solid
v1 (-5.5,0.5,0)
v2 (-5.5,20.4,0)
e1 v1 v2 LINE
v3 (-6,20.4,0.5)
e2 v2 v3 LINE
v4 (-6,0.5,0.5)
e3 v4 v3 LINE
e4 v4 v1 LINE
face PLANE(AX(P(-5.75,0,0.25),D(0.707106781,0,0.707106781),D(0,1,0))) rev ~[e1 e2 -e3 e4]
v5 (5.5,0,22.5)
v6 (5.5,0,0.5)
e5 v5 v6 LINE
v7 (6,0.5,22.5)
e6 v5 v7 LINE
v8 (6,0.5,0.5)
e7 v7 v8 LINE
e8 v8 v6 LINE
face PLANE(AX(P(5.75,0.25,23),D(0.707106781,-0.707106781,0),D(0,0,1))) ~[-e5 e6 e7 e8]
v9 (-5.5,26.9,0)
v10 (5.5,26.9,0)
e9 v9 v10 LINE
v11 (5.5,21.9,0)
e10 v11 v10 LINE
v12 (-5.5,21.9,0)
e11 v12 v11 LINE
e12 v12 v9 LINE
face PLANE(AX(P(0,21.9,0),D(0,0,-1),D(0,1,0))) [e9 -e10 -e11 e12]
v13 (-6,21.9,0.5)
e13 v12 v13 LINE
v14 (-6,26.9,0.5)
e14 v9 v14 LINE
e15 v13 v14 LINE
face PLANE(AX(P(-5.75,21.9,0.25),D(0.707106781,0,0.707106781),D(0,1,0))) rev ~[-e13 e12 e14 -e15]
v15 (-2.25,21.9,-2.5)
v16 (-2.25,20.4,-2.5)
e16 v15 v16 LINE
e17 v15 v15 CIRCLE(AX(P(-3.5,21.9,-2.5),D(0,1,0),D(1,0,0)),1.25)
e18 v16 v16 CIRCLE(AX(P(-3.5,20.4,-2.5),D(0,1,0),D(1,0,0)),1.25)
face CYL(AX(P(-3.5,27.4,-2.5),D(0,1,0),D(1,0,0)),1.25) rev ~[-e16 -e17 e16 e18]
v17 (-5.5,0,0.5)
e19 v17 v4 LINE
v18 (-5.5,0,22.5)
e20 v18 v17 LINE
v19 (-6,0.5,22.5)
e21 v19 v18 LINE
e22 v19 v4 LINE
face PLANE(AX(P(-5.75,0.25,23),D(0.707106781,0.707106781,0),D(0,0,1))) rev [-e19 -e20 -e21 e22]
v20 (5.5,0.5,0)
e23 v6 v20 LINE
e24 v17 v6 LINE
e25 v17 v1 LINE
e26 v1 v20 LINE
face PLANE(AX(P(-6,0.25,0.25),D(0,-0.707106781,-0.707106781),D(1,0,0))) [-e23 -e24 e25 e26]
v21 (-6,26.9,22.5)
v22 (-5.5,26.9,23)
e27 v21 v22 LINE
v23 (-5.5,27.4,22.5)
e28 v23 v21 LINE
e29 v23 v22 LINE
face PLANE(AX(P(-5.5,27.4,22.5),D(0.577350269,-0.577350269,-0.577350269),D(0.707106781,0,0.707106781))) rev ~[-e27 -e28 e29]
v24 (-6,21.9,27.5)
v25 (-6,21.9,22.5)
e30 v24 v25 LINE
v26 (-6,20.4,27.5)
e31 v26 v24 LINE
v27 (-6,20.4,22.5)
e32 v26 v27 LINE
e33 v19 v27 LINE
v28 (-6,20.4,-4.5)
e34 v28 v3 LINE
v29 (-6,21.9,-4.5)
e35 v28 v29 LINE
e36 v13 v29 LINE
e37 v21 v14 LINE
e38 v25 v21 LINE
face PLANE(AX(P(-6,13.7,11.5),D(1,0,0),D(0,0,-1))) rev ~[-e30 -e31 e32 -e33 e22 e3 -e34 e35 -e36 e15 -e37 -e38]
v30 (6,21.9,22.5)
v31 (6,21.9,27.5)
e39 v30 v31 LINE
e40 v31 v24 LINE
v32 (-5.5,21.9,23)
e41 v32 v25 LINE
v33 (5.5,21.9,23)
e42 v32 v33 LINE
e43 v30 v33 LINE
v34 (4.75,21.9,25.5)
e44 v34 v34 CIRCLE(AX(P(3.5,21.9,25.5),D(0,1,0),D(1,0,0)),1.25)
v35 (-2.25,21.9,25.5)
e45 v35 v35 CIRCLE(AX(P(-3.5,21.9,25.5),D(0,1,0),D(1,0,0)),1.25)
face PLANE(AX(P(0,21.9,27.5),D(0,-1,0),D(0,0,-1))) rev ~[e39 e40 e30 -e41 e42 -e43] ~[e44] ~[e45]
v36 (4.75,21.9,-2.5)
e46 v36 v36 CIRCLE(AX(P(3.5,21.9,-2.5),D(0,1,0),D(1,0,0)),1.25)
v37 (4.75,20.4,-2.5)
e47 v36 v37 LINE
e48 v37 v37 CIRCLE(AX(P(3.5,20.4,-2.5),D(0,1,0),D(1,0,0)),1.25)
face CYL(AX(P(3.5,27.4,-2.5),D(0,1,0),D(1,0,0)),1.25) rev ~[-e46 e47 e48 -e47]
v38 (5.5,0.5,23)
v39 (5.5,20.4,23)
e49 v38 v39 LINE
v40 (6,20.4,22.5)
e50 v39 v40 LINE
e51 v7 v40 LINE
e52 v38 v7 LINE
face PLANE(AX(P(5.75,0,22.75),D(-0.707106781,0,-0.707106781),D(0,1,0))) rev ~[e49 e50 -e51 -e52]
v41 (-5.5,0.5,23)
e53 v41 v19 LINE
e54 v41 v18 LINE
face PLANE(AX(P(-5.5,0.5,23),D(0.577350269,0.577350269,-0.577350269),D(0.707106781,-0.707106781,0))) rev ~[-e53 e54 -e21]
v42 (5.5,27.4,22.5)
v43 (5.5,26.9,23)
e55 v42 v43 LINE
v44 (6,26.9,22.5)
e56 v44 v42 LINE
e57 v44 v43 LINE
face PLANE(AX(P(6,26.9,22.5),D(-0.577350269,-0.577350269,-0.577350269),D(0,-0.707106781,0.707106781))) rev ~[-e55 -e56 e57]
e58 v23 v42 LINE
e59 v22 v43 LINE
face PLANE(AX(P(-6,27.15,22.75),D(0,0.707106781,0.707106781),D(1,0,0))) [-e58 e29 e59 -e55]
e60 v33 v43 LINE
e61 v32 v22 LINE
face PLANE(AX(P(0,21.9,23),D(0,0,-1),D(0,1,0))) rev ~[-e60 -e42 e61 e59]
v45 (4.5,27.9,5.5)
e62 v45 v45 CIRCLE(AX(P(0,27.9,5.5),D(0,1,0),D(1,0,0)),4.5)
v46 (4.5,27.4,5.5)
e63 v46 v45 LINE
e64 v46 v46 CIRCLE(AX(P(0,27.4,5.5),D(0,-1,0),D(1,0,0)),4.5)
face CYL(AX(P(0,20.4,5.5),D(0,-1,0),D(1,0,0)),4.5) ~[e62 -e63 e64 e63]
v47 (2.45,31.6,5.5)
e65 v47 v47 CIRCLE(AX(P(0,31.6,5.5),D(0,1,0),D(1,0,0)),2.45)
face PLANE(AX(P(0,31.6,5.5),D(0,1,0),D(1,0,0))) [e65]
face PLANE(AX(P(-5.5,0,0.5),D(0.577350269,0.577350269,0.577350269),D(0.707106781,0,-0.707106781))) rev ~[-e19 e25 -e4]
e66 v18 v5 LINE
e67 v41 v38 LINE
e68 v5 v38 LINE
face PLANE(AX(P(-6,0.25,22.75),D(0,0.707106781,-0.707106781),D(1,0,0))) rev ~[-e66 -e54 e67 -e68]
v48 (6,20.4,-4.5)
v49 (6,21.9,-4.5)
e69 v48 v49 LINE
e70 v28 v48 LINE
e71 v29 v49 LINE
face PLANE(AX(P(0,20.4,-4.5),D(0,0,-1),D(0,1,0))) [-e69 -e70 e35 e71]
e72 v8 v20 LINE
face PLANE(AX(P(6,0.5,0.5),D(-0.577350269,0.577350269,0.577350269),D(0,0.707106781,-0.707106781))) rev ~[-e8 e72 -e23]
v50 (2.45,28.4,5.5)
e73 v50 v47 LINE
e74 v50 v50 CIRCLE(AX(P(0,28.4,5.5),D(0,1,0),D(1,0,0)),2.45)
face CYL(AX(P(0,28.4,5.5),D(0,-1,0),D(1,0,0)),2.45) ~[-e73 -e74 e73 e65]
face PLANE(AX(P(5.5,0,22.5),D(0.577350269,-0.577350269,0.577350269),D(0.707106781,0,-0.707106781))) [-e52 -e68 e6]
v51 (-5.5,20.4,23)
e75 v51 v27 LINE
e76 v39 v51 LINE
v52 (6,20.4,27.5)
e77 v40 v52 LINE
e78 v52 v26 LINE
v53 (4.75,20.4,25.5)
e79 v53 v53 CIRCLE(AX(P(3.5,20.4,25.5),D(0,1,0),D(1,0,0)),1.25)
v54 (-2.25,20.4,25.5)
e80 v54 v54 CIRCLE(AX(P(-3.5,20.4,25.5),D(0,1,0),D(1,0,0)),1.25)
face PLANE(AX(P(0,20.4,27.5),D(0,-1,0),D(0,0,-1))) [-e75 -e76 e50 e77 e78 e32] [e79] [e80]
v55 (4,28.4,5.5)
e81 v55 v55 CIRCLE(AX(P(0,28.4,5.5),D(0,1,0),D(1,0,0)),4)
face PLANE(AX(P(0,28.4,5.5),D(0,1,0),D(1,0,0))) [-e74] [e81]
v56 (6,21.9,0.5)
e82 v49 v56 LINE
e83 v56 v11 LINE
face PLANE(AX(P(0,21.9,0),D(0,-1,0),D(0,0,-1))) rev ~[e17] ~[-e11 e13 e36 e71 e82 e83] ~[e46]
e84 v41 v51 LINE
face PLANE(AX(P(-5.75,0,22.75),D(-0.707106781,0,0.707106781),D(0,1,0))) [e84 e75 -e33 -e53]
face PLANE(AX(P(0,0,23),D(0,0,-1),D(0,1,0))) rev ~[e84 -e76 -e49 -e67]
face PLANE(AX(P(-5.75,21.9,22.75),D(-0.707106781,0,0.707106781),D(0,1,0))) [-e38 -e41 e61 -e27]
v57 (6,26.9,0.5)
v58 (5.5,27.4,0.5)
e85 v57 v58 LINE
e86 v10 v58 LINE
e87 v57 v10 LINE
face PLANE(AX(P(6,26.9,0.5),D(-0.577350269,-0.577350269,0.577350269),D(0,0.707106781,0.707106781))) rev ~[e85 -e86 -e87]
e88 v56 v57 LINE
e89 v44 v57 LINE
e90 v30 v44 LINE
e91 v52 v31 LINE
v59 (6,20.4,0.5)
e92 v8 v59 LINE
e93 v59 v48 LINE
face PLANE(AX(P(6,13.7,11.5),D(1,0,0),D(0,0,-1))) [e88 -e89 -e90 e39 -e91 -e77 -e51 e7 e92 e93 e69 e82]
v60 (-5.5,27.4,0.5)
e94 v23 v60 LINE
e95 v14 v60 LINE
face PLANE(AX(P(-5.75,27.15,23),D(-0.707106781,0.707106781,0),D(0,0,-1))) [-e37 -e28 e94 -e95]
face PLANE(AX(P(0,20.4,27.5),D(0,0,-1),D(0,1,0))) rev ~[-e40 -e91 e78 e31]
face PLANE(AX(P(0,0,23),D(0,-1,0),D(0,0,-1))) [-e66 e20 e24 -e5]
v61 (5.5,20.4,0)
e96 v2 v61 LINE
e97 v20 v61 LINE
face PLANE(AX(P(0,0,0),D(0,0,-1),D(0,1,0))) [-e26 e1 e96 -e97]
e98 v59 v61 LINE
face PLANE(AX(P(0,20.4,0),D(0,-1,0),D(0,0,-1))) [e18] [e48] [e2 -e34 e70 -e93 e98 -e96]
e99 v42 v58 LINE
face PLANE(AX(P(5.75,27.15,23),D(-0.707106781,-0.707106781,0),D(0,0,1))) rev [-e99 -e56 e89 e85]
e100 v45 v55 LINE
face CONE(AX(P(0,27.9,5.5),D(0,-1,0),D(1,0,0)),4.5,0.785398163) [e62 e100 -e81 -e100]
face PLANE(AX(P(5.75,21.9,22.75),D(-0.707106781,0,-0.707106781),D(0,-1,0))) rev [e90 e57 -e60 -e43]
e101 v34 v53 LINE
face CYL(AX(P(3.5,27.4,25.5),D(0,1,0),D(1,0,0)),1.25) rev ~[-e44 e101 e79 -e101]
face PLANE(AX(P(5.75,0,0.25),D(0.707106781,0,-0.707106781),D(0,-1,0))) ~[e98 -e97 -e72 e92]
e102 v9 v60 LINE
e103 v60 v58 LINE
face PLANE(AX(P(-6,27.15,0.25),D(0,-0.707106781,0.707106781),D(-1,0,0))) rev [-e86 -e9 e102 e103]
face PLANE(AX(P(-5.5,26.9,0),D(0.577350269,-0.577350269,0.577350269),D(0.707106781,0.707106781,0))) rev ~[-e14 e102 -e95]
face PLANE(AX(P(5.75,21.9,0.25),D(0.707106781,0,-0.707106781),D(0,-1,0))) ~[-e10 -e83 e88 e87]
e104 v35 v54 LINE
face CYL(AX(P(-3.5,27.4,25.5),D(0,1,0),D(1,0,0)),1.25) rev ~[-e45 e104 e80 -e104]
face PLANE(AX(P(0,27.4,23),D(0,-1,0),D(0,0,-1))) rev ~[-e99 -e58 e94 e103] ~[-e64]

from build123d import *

# Parameters (mm, degrees)
SKETCH1_W           = 23
SKETCH1_H           = 27.4
SKETCH1_W_2         = 4.5
SKETCH1_H_2         = 1.5
BOSS_EXTRUDE1_DEPTH = 6
CHAMFER1_SIZE       = 0.5
SKETCH3_R           = 1.25
CUT_EXTRUDE1_DEPTH  = 28.4
BOSS_EXTRUDE2_START = -7
SKETCH3_3_R         = 4.5
BOSS_EXTRUDE2_DEPTH = 8
CHAMFER2_SIZE       = 0.5
BOSS_EXTRUDE3_START = 1
SKETCH3_4_R         = 2.45
BOSS_EXTRUDE3_DEPTH = 3.2


with BuildPart() as part:
    # Sketch1 → Boss-Extrude1 (new body, symmetric)
    with BuildSketch(Plane(origin=(0, 0, 0), x_dir=(0, 0, -1), z_dir=(1, 0, 0))):
        with Locations((-11.5, 13.7)):
            Rectangle(SKETCH1_W, SKETCH1_H)
        with Locations((-25.25, 21.15)):
            Rectangle(SKETCH1_W_2, SKETCH1_H_2)
        with Locations((2.25, 21.15)):
            Rectangle(SKETCH1_W_2, SKETCH1_H_2)
    extrude(amount=BOSS_EXTRUDE1_DEPTH, both=True)

    # Chamfer1
    chamfer1_edges = [part.edges().sort_by_distance(p)[0] for p in [
        (-6, 24.65, 23),
        (-6, 27.4, 11.5),
        (-6, 24.65, 0),
        (-6, 10.2, 0),
        (-6, 0, 11.5),
        (-6, 10.2, 23),
        (6, 10.2, 23),
        (0, 27.4, 23),
        (0, 27.4, 0),
        (0, 0, 0),
        (0, 0, 23),
        (6, 0, 11.5),
        (6, 10.2, 0),
        (6, 24.65, 0),
        (6, 27.4, 11.5),
        (6, 24.65, 23),
    ]]
    chamfer(chamfer1_edges, length=CHAMFER1_SIZE)

    # Sketch3 → Cut-Extrude1 (cut, through all)
    with BuildSketch(Plane(origin=(0, 27.4, 0), x_dir=(1, 0, 0), z_dir=(0, 1, 0))):
        with Locations((-3.5, -25.5)):
            Circle(SKETCH3_R)
        with Locations((3.5, -25.5)):
            Circle(SKETCH3_R)
        with Locations((3.5, 2.5)):
            Circle(SKETCH3_R)
        with Locations((-3.5, 2.5)):
            Circle(SKETCH3_R)
    extrude(amount=-CUT_EXTRUDE1_DEPTH, mode=Mode.SUBTRACT)

    # Sketch3<3> → Boss-Extrude2 (add)
    with BuildSketch(Plane(origin=(0, 27.4, 0), x_dir=(1, 0, 0), z_dir=(0, 1, 0)).offset(BOSS_EXTRUDE2_START)):
        with Locations((0, -5.5)):
            Circle(SKETCH3_3_R)
    extrude(amount=BOSS_EXTRUDE2_DEPTH)

    # Chamfer2
    chamfer2_edges = [part.edges().sort_by_distance(p)[0] for p in [
        (-4.5, 28.4, 5.5),
    ]]
    chamfer(chamfer2_edges, length=CHAMFER2_SIZE)

    # Sketch3<4> → Boss-Extrude3 (add)
    with BuildSketch(Plane(origin=(0, 27.4, 0), x_dir=(1, 0, 0), z_dir=(0, 1, 0)).offset(BOSS_EXTRUDE3_START)):
        with Locations((0, -5.5)):
            Circle(SKETCH3_4_R)
    extrude(amount=BOSS_EXTRUDE3_DEPTH)


solid = part.part
